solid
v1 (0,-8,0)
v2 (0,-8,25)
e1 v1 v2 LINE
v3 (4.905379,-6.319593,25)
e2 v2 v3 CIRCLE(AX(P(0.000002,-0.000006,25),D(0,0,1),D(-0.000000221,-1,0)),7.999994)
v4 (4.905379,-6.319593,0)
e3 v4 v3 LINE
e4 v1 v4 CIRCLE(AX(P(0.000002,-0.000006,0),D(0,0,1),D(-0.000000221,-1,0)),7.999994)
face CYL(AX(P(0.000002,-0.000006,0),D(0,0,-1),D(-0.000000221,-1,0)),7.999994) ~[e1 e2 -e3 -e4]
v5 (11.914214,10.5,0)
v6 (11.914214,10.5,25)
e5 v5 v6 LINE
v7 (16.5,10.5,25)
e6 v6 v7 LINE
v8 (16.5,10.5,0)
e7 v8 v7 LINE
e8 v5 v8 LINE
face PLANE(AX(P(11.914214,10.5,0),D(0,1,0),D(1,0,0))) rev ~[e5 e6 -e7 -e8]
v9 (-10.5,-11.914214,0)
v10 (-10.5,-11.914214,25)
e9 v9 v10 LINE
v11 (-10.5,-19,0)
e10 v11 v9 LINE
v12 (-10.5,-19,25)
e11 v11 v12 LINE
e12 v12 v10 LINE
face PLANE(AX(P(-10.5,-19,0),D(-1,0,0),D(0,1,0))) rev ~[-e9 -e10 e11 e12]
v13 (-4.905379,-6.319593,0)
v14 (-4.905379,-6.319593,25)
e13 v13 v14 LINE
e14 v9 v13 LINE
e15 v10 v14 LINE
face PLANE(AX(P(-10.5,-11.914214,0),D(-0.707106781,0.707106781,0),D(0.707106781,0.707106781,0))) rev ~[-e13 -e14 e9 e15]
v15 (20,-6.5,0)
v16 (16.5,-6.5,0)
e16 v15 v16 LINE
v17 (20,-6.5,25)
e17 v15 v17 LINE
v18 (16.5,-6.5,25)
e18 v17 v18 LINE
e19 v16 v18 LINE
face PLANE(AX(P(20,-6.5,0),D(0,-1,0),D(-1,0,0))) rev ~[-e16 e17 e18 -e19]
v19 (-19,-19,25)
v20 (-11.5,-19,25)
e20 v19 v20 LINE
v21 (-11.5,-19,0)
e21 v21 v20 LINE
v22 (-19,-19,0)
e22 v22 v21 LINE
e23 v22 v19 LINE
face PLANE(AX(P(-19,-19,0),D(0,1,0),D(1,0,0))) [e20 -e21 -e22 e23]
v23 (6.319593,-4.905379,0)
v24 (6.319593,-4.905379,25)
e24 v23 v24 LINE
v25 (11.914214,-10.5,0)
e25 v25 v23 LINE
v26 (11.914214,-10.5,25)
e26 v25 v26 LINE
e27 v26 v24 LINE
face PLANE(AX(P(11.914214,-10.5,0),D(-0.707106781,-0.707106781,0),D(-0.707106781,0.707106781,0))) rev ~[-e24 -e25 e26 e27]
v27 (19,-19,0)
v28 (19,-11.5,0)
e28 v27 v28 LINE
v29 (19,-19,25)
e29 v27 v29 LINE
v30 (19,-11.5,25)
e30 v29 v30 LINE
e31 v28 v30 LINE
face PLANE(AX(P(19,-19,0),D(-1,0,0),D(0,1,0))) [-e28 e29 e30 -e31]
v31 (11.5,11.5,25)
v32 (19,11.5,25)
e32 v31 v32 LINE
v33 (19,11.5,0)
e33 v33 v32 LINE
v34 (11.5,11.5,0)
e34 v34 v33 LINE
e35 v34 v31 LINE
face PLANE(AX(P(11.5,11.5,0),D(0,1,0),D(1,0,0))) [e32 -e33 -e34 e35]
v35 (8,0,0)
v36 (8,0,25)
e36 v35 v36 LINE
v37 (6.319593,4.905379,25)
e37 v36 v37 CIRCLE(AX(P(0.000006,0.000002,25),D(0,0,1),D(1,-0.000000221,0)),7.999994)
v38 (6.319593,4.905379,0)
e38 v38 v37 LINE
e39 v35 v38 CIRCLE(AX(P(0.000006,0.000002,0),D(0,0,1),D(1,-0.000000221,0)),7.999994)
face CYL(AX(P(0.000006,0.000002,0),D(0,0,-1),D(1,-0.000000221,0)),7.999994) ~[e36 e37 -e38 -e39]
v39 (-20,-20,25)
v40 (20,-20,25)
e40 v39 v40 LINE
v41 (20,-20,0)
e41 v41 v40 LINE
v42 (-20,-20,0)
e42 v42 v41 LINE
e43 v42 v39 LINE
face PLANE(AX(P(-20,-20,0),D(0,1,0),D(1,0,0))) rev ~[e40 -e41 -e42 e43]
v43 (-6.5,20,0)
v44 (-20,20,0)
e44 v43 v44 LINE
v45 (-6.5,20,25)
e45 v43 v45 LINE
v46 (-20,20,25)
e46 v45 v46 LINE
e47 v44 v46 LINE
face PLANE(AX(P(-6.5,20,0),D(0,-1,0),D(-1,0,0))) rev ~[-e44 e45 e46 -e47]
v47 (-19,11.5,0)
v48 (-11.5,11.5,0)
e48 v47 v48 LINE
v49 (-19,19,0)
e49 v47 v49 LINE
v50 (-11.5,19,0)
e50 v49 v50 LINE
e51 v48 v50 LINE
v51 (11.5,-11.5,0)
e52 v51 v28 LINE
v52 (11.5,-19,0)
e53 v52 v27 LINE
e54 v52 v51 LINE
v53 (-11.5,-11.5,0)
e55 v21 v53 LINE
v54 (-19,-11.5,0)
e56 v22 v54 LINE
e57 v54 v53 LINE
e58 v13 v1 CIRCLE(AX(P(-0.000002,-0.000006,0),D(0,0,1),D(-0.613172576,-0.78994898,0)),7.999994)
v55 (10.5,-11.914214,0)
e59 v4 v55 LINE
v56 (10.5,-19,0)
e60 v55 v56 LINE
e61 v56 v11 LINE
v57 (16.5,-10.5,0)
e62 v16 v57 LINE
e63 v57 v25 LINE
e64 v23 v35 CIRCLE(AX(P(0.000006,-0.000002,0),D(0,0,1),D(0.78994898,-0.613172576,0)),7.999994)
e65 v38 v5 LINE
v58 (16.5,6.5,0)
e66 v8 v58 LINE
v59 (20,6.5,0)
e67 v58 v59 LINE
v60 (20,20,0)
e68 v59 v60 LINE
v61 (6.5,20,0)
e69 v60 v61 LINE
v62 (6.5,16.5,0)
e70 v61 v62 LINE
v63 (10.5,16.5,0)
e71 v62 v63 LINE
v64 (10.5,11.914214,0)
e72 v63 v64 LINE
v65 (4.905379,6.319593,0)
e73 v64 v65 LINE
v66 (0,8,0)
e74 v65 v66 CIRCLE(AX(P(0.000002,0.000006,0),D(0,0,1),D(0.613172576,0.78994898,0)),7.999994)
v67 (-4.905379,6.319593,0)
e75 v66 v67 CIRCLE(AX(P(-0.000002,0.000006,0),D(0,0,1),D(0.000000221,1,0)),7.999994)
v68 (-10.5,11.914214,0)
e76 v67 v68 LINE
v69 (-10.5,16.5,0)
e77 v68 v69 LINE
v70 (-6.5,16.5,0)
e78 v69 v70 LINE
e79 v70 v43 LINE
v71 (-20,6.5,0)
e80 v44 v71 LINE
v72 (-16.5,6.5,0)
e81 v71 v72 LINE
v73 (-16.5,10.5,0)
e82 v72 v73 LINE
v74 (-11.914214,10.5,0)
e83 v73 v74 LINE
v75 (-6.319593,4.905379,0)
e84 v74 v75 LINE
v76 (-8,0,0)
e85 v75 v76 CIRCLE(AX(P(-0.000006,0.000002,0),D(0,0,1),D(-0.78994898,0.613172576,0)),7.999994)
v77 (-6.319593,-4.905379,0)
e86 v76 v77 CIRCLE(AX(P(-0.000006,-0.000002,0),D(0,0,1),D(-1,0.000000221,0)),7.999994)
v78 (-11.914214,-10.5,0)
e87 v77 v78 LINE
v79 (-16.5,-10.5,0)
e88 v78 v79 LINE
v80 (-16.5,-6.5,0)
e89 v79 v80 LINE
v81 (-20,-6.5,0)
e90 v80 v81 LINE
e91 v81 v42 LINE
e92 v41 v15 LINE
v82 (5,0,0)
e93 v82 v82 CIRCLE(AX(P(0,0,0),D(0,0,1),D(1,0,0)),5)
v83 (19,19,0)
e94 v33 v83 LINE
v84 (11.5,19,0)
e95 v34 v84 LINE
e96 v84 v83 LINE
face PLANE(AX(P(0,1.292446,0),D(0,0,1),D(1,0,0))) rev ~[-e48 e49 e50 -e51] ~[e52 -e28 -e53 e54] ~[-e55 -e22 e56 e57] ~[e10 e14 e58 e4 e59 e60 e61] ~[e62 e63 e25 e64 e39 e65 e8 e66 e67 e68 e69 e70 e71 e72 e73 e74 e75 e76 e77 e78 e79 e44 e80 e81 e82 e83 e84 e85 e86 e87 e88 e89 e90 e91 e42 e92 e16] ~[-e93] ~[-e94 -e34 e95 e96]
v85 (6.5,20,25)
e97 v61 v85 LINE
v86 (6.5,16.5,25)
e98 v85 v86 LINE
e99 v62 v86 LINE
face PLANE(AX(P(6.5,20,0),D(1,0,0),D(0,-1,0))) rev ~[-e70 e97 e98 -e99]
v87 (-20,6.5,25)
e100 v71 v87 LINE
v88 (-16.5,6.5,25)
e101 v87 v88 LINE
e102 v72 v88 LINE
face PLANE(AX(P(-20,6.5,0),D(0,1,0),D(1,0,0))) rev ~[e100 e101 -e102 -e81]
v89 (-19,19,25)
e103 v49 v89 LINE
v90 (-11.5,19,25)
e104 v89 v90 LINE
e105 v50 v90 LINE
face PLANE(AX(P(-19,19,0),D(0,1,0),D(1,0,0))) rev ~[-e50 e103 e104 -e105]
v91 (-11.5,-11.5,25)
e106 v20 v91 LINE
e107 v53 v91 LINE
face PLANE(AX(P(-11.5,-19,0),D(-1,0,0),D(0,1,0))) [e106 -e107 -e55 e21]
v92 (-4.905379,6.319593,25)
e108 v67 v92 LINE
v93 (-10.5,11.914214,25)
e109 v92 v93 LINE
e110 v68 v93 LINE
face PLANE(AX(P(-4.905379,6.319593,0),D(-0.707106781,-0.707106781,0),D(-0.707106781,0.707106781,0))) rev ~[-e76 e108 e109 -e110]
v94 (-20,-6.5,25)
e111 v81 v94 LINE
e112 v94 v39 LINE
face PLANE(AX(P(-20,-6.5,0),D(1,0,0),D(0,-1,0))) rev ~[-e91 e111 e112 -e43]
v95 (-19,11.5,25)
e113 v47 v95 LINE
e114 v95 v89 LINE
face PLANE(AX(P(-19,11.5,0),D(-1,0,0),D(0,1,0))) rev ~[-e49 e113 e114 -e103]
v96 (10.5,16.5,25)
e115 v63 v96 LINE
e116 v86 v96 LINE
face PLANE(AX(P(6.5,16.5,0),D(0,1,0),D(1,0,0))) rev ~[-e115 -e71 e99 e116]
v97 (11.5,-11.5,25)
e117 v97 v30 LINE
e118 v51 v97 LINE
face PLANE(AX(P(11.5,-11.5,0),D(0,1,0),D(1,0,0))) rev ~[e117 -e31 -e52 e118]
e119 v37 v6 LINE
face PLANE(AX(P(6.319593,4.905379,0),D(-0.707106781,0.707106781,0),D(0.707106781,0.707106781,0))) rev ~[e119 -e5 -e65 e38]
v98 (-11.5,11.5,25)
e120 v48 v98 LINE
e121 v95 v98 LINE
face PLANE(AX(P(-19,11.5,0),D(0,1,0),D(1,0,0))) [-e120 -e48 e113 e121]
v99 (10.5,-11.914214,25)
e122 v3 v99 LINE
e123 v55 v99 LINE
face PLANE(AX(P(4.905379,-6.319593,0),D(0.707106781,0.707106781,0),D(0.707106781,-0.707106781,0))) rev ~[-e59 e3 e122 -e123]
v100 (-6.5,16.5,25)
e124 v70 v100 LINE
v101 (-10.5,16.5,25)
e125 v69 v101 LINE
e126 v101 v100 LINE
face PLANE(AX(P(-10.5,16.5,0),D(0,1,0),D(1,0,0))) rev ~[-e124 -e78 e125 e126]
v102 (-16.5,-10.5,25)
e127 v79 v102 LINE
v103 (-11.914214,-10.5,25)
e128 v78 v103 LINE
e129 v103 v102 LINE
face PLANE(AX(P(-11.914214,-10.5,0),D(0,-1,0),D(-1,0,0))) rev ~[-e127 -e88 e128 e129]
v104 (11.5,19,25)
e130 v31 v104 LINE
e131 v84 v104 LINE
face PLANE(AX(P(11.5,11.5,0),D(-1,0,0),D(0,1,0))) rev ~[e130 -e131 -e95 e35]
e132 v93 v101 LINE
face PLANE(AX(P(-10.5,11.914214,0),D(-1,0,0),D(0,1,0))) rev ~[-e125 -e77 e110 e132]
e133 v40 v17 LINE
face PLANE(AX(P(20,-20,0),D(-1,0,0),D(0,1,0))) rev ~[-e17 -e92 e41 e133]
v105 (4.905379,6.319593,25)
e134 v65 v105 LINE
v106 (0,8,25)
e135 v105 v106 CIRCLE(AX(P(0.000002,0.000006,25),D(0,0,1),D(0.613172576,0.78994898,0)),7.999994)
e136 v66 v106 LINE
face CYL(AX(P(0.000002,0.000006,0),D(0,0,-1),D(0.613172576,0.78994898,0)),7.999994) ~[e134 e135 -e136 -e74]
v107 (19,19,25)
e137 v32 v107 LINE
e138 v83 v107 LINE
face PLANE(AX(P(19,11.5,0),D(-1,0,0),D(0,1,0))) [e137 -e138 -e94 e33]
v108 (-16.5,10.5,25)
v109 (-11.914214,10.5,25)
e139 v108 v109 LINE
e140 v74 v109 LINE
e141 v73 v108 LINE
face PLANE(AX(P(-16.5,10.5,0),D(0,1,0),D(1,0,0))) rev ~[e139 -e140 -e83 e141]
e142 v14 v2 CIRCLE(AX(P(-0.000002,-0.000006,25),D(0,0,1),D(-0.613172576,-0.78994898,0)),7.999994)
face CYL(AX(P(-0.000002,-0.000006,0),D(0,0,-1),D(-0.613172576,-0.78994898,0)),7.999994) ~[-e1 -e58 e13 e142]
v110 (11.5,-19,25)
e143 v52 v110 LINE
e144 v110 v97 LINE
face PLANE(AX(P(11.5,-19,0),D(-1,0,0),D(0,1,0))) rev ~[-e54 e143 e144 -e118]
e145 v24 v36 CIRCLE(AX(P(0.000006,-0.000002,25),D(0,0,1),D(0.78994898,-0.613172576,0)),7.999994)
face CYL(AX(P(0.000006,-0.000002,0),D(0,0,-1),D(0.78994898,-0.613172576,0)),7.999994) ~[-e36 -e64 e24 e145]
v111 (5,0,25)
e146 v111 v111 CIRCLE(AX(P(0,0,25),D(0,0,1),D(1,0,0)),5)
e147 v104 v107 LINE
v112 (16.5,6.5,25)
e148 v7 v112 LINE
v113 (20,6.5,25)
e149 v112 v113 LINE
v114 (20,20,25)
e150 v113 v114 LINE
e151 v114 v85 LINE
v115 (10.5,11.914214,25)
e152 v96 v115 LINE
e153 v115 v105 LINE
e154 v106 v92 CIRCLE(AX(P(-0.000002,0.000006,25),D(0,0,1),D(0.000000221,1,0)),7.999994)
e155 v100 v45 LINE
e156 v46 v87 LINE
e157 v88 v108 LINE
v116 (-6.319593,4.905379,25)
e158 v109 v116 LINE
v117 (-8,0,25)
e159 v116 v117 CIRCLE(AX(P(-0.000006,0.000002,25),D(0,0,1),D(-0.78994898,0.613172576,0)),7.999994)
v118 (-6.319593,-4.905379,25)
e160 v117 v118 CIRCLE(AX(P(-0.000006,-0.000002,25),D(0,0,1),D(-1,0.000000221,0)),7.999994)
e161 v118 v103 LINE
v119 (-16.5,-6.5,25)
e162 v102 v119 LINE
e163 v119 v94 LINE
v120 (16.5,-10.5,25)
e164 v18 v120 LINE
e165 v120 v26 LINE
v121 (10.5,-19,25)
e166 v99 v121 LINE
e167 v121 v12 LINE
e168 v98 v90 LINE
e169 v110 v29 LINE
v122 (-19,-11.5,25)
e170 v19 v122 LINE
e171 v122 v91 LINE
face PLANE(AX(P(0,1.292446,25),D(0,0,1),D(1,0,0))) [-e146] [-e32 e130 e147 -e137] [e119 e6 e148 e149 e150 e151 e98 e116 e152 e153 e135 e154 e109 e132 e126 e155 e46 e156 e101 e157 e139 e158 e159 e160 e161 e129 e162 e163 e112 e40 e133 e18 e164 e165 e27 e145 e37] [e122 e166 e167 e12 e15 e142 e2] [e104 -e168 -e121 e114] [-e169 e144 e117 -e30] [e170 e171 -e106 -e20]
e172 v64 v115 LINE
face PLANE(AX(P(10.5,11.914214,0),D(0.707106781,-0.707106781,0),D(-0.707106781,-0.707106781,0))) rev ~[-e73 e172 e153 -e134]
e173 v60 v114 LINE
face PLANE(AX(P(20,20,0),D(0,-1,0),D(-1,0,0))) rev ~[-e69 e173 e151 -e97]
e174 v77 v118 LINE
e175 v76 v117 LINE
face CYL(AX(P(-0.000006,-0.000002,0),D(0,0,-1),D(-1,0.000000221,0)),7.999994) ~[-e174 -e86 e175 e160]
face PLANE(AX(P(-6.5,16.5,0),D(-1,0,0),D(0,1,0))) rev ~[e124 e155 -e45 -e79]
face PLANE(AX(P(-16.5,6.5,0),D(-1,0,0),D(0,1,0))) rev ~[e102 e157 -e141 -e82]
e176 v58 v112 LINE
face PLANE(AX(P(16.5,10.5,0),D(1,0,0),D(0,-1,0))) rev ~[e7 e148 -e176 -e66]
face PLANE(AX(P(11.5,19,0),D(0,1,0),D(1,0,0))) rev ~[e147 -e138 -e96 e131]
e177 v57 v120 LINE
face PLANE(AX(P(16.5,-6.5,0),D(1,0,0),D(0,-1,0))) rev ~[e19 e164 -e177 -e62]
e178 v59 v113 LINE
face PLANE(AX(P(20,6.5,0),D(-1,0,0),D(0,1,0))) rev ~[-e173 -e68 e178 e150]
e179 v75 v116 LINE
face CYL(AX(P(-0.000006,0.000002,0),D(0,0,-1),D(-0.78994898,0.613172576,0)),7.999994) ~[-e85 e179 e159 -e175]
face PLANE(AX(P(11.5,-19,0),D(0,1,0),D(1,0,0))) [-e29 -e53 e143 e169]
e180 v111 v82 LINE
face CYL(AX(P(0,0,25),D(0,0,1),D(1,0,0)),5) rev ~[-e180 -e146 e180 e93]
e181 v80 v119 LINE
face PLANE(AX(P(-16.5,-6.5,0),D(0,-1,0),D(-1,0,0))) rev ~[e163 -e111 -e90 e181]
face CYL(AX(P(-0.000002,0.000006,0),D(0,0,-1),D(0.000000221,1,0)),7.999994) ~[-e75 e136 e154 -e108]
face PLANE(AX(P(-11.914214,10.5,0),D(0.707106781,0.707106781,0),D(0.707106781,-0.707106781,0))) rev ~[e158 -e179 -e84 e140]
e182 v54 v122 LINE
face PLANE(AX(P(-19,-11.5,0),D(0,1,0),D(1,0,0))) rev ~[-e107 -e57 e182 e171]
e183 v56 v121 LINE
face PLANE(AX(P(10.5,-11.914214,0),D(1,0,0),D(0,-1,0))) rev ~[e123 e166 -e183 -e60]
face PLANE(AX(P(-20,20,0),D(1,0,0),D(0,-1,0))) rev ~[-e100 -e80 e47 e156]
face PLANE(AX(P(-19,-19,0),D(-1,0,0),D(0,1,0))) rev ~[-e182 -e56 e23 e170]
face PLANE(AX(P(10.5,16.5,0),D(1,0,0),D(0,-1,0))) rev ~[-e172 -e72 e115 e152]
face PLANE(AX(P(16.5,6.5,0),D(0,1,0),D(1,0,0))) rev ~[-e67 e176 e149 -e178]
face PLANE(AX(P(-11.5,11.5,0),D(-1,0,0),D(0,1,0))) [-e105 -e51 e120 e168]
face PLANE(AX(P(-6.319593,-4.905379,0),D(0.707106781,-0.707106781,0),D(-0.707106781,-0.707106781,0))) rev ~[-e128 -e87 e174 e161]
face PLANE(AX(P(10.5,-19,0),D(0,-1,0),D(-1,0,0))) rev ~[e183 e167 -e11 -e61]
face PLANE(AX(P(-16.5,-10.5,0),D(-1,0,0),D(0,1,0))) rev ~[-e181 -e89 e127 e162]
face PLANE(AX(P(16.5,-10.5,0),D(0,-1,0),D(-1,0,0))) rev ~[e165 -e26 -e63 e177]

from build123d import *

# Parameters (mm, degrees)
F0_W     = 7.5
F0_H     = 7.5
F1_DEPTH = 25
F2_R     = 5
F3_DEPTH = 25.001


with BuildPart() as f1:
    # F0 (on Top) → F1 (new body)
    with BuildSketch(Plane.XY):
        with BuildLine():
            Line((20, 6.5), (20, 20))
            Line((20, 20), (6.5, 20))
            Line((6.5, 20), (6.5, 16.5))
            Line((6.5, 16.5), (10.5, 16.5))
            Line((10.5, 16.5), (10.5, 11.914214))
            Line((10.5, 11.914214), (4.905379, 6.319593))
            ThreePointArc((4.905379, 6.319593), (2.59261, 7.568248), (0, 8))
            ThreePointArc((0, 8), (-2.59261, 7.568248), (-4.905379, 6.319593))
            Line((-4.905379, 6.319593), (-10.5, 11.914214))
            Line((-10.5, 11.914214), (-10.5, 16.5))
            Line((-10.5, 16.5), (-6.5, 16.5))
            Line((-6.5, 16.5), (-6.5, 20))
            Line((-6.5, 20), (-20, 20))
            Line((-20, 20), (-20, 6.5))
            Line((-20, 6.5), (-16.5, 6.5))
            Line((-16.5, 6.5), (-16.5, 10.5))
            Line((-16.5, 10.5), (-11.914214, 10.5))
            Line((-11.914214, 10.5), (-6.319593, 4.905379))
            ThreePointArc((-6.319593, 4.905379), (-7.568248, 2.59261), (-8, 0))
            ThreePointArc((-8, 0), (-7.568248, -2.59261), (-6.319593, -4.905379))
            Line((-6.319593, -4.905379), (-11.914214, -10.5))
            Line((-11.914214, -10.5), (-16.5, -10.5))
            Line((-16.5, -10.5), (-16.5, -6.5))
            Line((-16.5, -6.5), (-20, -6.5))
            Line((-20, -6.5), (-20, -20))
            Line((-20, -20), (20, -20))
            Line((20, -20), (20, -6.5))
            Line((20, -6.5), (16.5, -6.5))
            Line((16.5, -6.5), (16.5, -10.5))
            Line((16.5, -10.5), (11.914214, -10.5))
            Line((11.914214, -10.5), (6.319593, -4.905379))
            ThreePointArc((6.319593, -4.905379), (7.568248, -2.59261), (8, 0))
            ThreePointArc((8, 0), (7.568248, 2.59261), (6.319593, 4.905379))
            Line((6.319593, 4.905379), (11.914214, 10.5))
            Line((11.914214, 10.5), (16.5, 10.5))
            Line((16.5, 10.5), (16.5, 6.5))
            Line((16.5, 6.5), (20, 6.5))
        make_face()
        with Locations((-15.25, -15.25)):
            Rectangle(F0_W, F0_H, mode=Mode.SUBTRACT)
        with BuildLine():
            Line((4.905379, -6.319593), (10.5, -11.914214))
            Line((10.5, -11.914214), (10.5, -19))
            Line((10.5, -19), (-10.5, -19))
            Line((-10.5, -19), (-10.5, -11.914214))
            Line((-10.5, -11.914214), (-4.905379, -6.319593))
            ThreePointArc((-4.905379, -6.319593), (-2.59261, -7.568248), (0, -8))
            ThreePointArc((0, -8), (2.59261, -7.568248), (4.905379, -6.319593))
        make_face(mode=Mode.SUBTRACT)
        with Locations((15.25, -15.25)):
            Rectangle(F0_W, F0_H, mode=Mode.SUBTRACT)
        with Locations((-15.25, 15.25)):
            Rectangle(F0_W, F0_H, mode=Mode.SUBTRACT)
        with Locations((15.25, 15.25)):
            Rectangle(F0_W, F0_H, mode=Mode.SUBTRACT)
    extrude(amount=F1_DEPTH)

    # F2 (on face) → F3 (cut, through all)
    with BuildSketch(Plane.XY.offset(25)):
        Circle(F2_R)
    extrude(amount=-F3_DEPTH, mode=Mode.SUBTRACT)


solid = f1.part
